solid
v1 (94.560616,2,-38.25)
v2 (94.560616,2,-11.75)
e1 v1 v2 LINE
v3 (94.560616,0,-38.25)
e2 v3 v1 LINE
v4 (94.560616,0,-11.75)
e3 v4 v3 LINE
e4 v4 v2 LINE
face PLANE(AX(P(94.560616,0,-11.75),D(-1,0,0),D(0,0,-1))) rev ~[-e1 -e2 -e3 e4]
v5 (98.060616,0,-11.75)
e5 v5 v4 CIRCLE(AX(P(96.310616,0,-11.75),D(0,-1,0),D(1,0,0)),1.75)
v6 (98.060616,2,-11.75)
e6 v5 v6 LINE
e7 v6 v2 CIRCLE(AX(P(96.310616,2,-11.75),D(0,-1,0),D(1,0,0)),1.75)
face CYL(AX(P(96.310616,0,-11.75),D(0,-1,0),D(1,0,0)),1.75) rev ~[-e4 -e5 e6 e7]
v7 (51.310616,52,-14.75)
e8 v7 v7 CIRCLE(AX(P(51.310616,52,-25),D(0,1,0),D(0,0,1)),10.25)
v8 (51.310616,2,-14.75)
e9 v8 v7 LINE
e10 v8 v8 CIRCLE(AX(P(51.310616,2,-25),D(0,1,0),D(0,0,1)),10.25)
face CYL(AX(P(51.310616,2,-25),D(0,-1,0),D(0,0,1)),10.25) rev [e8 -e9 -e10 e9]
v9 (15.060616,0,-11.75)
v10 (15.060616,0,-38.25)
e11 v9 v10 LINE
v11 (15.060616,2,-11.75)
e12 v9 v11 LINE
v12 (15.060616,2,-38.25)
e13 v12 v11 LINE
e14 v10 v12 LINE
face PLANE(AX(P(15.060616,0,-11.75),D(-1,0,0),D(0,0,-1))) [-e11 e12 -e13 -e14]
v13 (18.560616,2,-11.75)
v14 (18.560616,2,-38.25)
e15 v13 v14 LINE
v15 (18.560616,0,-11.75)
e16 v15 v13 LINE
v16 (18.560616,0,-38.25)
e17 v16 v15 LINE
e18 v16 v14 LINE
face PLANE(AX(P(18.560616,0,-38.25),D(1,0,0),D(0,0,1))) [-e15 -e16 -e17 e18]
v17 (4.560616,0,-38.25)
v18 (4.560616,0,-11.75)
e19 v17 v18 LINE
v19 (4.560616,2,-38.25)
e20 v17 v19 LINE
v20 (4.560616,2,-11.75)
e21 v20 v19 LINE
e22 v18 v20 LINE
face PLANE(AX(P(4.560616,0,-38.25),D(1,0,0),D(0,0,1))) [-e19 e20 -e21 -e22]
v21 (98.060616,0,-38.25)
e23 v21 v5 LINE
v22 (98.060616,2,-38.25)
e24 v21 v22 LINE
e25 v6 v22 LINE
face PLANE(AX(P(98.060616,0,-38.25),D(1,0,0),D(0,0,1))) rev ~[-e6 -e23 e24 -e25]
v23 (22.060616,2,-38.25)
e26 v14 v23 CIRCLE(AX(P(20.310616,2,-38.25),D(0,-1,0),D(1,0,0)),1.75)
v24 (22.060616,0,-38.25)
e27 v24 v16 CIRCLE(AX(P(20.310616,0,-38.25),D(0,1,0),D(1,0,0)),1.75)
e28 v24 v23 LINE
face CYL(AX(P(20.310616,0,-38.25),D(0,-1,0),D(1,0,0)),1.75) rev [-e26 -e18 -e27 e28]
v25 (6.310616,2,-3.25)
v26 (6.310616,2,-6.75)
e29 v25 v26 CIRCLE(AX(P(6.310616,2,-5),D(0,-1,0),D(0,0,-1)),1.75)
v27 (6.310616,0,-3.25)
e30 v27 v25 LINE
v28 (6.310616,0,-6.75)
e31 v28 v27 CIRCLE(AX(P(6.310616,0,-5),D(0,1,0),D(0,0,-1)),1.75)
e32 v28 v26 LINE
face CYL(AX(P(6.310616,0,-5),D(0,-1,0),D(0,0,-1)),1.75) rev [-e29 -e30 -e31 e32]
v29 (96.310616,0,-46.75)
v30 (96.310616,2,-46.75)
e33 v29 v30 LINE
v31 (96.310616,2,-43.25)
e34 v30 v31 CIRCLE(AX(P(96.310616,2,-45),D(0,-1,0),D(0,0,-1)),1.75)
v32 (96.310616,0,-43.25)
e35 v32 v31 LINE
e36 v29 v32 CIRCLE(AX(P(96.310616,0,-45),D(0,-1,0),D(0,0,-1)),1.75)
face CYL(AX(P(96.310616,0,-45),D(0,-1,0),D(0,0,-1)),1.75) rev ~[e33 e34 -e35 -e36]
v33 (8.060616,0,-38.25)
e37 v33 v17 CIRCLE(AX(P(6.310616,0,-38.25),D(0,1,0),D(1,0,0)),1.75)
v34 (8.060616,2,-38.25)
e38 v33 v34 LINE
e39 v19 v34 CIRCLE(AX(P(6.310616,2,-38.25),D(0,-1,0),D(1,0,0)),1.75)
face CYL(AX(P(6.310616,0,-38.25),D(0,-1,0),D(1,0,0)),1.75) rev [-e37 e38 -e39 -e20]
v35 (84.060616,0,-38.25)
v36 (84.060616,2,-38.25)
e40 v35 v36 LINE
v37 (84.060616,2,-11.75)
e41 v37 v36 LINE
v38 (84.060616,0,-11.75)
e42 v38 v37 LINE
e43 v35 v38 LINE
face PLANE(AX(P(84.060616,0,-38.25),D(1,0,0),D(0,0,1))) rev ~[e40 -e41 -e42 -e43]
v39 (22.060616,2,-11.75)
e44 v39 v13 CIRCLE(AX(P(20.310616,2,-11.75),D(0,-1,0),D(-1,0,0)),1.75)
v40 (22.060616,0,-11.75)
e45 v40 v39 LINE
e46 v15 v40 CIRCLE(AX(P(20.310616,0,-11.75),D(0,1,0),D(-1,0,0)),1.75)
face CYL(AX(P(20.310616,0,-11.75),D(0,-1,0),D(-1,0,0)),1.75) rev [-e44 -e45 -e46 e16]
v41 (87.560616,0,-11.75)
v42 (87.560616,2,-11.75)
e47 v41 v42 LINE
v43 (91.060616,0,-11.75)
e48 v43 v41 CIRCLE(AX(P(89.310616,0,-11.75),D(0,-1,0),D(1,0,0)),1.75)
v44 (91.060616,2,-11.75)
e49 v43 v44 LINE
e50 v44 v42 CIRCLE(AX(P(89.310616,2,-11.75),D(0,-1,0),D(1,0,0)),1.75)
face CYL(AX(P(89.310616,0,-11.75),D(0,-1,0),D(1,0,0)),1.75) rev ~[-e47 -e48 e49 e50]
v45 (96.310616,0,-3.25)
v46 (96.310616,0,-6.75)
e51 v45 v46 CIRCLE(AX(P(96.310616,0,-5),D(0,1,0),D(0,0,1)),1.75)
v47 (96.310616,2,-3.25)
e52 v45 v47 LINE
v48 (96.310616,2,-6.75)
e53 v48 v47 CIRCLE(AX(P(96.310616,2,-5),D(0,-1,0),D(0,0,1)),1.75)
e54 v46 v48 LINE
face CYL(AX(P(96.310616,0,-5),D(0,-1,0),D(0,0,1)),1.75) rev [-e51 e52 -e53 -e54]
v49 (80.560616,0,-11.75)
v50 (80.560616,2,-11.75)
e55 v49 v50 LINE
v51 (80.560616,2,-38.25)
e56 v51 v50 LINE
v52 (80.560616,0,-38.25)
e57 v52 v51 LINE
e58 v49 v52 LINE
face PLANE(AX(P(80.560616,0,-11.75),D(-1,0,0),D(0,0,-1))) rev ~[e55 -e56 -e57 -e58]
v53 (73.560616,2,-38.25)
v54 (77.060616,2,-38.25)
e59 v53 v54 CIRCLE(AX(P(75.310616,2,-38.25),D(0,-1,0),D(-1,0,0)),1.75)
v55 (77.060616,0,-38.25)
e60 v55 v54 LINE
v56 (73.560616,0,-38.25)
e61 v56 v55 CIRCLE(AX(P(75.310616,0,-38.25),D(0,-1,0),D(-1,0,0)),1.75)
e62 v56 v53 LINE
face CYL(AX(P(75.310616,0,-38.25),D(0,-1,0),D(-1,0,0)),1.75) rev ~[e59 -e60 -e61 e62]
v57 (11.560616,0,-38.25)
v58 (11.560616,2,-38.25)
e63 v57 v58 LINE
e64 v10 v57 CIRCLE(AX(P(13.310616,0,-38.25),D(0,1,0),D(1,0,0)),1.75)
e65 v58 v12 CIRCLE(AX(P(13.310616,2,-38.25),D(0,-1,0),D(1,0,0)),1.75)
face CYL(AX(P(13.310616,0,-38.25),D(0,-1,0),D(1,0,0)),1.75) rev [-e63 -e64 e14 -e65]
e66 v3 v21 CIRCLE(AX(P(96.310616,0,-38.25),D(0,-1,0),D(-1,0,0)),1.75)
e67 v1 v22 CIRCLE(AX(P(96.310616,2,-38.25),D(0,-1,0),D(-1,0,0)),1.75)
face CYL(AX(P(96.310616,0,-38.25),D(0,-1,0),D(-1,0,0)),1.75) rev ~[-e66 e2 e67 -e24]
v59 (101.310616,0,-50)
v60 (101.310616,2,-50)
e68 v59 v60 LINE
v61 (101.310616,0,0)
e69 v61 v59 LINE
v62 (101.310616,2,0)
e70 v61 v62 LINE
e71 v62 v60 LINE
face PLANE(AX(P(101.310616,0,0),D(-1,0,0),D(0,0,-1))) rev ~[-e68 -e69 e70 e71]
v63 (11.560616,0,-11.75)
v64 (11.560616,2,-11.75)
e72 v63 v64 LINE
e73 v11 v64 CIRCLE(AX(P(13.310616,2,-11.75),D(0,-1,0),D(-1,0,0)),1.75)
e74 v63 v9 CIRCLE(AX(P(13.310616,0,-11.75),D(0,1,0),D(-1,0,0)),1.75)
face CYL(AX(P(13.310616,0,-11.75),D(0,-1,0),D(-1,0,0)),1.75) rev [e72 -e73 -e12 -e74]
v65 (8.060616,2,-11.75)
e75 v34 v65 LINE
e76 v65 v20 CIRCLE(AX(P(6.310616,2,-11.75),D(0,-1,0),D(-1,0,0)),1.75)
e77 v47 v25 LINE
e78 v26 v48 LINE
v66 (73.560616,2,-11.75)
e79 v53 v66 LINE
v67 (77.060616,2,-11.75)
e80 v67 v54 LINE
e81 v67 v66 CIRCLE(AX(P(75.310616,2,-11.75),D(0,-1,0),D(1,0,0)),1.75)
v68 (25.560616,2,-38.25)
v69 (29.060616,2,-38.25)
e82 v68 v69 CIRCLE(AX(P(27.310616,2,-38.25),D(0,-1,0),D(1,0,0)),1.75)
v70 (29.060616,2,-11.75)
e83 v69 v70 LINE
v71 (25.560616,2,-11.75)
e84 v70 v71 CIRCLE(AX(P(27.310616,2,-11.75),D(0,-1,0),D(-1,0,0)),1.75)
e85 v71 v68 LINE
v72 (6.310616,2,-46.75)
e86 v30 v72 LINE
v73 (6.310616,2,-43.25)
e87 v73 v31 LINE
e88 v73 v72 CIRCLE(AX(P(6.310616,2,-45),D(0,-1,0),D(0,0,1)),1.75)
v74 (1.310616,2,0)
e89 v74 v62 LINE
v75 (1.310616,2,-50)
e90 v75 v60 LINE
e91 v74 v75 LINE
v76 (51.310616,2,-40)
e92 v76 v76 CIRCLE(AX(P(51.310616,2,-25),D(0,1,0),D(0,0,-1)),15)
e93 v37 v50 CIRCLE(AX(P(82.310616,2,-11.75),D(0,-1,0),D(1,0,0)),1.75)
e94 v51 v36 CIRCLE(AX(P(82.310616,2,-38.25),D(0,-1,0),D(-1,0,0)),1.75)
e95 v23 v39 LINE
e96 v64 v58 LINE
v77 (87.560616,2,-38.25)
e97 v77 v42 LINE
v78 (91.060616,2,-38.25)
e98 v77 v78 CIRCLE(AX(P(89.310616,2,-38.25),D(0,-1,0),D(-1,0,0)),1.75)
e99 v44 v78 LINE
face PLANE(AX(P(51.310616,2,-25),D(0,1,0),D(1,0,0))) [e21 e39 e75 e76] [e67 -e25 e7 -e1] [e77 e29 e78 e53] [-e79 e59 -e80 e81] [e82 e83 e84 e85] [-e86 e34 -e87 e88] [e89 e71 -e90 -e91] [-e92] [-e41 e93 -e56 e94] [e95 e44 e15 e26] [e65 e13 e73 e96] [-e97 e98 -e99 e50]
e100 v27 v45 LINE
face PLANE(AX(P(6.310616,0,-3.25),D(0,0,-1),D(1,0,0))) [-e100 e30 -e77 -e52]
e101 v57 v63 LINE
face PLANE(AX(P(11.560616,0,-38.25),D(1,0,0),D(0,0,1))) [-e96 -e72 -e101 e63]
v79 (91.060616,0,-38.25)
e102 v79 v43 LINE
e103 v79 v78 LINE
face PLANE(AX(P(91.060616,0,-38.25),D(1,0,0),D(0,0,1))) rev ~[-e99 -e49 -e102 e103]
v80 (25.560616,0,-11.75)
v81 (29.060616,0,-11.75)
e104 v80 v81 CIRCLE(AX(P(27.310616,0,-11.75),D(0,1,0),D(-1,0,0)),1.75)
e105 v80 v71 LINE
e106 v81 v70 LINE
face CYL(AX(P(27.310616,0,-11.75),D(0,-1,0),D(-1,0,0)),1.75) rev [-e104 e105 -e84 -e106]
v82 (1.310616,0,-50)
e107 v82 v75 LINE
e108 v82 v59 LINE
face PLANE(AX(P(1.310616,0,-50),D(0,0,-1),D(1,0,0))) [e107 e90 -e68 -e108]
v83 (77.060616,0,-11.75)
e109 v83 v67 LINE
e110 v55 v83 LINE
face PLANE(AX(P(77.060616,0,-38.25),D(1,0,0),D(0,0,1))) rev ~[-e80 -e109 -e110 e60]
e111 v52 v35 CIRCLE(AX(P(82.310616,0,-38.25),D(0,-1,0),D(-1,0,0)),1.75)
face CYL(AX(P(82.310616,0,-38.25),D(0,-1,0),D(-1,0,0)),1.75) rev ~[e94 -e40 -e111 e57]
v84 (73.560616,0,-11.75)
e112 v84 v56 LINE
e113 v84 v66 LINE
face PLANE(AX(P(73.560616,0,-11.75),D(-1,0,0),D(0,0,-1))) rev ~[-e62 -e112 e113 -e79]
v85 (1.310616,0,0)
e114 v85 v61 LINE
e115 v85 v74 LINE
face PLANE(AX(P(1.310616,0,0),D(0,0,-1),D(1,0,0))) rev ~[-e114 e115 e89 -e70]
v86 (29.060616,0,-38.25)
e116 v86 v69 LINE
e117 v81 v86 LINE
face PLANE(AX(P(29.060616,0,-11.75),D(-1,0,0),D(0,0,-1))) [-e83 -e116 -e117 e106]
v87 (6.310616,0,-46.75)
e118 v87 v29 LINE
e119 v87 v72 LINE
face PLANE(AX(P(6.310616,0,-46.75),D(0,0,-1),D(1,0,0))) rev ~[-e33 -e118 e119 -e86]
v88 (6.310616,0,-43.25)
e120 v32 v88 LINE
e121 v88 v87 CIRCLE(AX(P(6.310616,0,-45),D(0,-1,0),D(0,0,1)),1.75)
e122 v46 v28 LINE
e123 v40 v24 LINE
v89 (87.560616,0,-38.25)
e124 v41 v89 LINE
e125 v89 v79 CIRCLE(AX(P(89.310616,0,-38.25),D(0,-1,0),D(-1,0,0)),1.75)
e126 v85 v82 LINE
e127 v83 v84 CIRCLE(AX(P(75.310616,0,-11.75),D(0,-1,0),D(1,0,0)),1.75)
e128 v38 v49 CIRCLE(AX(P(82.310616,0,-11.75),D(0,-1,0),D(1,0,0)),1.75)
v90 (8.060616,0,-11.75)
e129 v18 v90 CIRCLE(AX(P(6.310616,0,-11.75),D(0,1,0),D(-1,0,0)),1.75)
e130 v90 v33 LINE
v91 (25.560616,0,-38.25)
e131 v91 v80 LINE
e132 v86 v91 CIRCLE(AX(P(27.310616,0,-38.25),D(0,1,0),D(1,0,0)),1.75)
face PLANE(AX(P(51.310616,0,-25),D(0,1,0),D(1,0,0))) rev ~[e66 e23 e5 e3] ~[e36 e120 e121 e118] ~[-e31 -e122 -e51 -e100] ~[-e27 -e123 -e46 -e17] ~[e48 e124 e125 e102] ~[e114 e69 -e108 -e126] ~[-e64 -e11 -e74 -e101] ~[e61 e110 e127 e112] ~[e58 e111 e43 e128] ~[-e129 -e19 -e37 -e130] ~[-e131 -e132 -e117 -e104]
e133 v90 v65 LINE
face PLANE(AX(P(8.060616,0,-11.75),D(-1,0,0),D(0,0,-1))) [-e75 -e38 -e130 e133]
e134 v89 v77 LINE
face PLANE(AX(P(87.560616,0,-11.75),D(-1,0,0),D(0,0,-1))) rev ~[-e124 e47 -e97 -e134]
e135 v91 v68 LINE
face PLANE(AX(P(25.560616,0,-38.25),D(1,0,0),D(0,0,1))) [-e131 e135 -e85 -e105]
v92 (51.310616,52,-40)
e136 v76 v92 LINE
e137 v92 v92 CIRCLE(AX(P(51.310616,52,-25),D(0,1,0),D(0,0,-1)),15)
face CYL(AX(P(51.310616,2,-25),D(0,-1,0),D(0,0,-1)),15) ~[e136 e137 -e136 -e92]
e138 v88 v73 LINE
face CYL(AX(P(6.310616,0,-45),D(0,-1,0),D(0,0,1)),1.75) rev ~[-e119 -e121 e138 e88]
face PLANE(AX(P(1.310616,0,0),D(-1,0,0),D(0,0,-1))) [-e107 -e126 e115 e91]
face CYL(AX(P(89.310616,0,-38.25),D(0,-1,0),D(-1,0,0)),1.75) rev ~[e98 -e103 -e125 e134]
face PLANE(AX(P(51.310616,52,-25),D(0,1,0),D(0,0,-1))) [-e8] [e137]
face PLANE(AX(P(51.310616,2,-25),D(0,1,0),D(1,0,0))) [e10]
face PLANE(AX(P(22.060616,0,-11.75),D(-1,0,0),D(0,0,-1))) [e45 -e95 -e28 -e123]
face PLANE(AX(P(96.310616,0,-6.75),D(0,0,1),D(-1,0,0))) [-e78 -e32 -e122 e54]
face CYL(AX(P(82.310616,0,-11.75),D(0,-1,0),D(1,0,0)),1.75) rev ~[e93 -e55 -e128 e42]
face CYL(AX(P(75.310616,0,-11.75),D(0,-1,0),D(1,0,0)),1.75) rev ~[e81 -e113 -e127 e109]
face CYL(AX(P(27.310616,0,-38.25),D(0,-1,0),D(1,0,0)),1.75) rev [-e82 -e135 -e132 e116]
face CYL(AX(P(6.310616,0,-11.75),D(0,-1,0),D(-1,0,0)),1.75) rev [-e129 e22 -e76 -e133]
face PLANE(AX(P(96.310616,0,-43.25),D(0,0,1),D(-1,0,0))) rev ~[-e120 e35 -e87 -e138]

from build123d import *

# Parameters (mm, degrees)
SKETCH_1_W          = 100
SKETCH_1_H          = 50
EXTRUDE_1_DEPTH     = 2
SKETCH_2_R          = 15
SKETCH_2_R_2        = 10.25
EXTRUDE_2_DEPTH     = 50
CUT_EXTRUDE_1_DEPTH = 30


with BuildPart() as part:
    # 草图1 → 凸台-拉伸1 (new body)
    with BuildSketch(Plane(origin=(0, 0, 0), x_dir=(1, 0, 0), z_dir=(0, 1, 0))):
        with Locations((51.31061599, 25)):
            Rectangle(SKETCH_1_W, SKETCH_1_H)
    extrude(amount=EXTRUDE_1_DEPTH)

    # 草图2 → 凸台-拉伸2 (add)
    with BuildSketch(Plane(origin=(0, 2, 0), x_dir=(1, 0, 0), z_dir=(0, 1, 0))):
        with Locations(Location((51.31061599, 25, 0), (0, 0, 90))):
            Circle(SKETCH_2_R)
        with Locations(Location((51.31061599, 25, 0), (0, 0, 270))):
            Circle(SKETCH_2_R_2, mode=Mode.SUBTRACT)
    extrude(amount=EXTRUDE_2_DEPTH)

    # 草图3 → 切除-拉伸1 (cut)
    with BuildSketch(Plane.XZ):
        with BuildLine():
            Line((6.31061599, -3.25), (96.31061599, -3.25))
            ThreePointArc((96.31061599, -3.25), (98.06061599, -5), (96.31061599, -6.75))
            Line((96.31061599, -6.75), (6.31061599, -6.75))
            ThreePointArc((6.31061599, -6.75), (4.56061599, -5), (6.31061599, -3.25))
        make_face()
        with BuildLine():
            Line((6.31061599, -46.75), (96.31061599, -46.75))
            ThreePointArc((96.31061599, -46.75), (98.06061599, -45), (96.31061599, -43.25))
            Line((96.31061599, -43.25), (6.31061599, -43.25))
            ThreePointArc((6.31061599, -43.25), (4.56061599, -45), (6.31061599, -46.75))
        make_face()
        with BuildLine():
            Line((8.06061599, -11.75), (8.06061599, -38.25))
            ThreePointArc((8.06061599, -38.25), (6.31061599, -40), (4.56061599, -38.25))
            Line((4.56061599, -38.25), (4.56061599, -11.75))
            ThreePointArc((4.56061599, -11.75), (6.31061599, -10), (8.06061599, -11.75))
        make_face()
        with BuildLine():
            Line((94.56061599, -11.75), (94.56061599, -38.25))
            ThreePointArc((94.56061599, -38.25), (96.31061599, -40), (98.06061599, -38.25))
            Line((98.06061599, -38.25), (98.06061599, -11.75))
            ThreePointArc((98.06061599, -11.75), (96.31061599, -10), (94.56061599, -11.75))
        make_face()
        with BuildLine():
            Line((15.06061599, -11.75), (15.06061599, -38.25))
            ThreePointArc((15.06061599, -38.25), (13.31061599, -40), (11.56061599, -38.25))
            Line((11.56061599, -38.25), (11.56061599, -11.75))
            ThreePointArc((11.56061599, -11.75), (13.31061599, -10), (15.06061599, -11.75))
        make_face()
        with BuildLine():
            Line((22.06061599, -11.75), (22.06061599, -38.25))
            ThreePointArc((22.06061599, -38.25), (20.31061599, -40), (18.56061599, -38.25))
            Line((18.56061599, -38.25), (18.56061599, -11.75))
            ThreePointArc((18.56061599, -11.75), (20.31061599, -10), (22.06061599, -11.75))
        make_face()
        with BuildLine():
            Line((29.06061599, -11.75), (29.06061599, -38.25))
            ThreePointArc((29.06061599, -38.25), (27.31061599, -40), (25.56061599, -38.25))
            Line((25.56061599, -38.25), (25.56061599, -11.75))
            ThreePointArc((25.56061599, -11.75), (27.31061599, -10), (29.06061599, -11.75))
        make_face()
        with BuildLine():
            Line((87.56061599, -11.75), (87.56061599, -38.25))
            ThreePointArc((87.56061599, -38.25), (89.31061599, -40), (91.06061599, -38.25))
            Line((91.06061599, -38.25), (91.06061599, -11.75))
            ThreePointArc((91.06061599, -11.75), (89.31061599, -10), (87.56061599, -11.75))
        make_face()
        with BuildLine():
            Line((80.56061599, -11.75), (80.56061599, -38.25))
            ThreePointArc((80.56061599, -38.25), (82.31061599, -40), (84.06061599, -38.25))
            Line((84.06061599, -38.25), (84.06061599, -11.75))
            ThreePointArc((84.06061599, -11.75), (82.31061599, -10), (80.56061599, -11.75))
        make_face()
        with BuildLine():
            Line((73.56061599, -11.75), (73.56061599, -38.25))
            ThreePointArc((73.56061599, -38.25), (75.31061599, -40), (77.06061599, -38.25))
            Line((77.06061599, -38.25), (77.06061599, -11.75))
            ThreePointArc((77.06061599, -11.75), (75.31061599, -10), (73.56061599, -11.75))
        make_face()
    extrude(amount=-CUT_EXTRUDE_1_DEPTH, mode=Mode.SUBTRACT)


solid = part.part
